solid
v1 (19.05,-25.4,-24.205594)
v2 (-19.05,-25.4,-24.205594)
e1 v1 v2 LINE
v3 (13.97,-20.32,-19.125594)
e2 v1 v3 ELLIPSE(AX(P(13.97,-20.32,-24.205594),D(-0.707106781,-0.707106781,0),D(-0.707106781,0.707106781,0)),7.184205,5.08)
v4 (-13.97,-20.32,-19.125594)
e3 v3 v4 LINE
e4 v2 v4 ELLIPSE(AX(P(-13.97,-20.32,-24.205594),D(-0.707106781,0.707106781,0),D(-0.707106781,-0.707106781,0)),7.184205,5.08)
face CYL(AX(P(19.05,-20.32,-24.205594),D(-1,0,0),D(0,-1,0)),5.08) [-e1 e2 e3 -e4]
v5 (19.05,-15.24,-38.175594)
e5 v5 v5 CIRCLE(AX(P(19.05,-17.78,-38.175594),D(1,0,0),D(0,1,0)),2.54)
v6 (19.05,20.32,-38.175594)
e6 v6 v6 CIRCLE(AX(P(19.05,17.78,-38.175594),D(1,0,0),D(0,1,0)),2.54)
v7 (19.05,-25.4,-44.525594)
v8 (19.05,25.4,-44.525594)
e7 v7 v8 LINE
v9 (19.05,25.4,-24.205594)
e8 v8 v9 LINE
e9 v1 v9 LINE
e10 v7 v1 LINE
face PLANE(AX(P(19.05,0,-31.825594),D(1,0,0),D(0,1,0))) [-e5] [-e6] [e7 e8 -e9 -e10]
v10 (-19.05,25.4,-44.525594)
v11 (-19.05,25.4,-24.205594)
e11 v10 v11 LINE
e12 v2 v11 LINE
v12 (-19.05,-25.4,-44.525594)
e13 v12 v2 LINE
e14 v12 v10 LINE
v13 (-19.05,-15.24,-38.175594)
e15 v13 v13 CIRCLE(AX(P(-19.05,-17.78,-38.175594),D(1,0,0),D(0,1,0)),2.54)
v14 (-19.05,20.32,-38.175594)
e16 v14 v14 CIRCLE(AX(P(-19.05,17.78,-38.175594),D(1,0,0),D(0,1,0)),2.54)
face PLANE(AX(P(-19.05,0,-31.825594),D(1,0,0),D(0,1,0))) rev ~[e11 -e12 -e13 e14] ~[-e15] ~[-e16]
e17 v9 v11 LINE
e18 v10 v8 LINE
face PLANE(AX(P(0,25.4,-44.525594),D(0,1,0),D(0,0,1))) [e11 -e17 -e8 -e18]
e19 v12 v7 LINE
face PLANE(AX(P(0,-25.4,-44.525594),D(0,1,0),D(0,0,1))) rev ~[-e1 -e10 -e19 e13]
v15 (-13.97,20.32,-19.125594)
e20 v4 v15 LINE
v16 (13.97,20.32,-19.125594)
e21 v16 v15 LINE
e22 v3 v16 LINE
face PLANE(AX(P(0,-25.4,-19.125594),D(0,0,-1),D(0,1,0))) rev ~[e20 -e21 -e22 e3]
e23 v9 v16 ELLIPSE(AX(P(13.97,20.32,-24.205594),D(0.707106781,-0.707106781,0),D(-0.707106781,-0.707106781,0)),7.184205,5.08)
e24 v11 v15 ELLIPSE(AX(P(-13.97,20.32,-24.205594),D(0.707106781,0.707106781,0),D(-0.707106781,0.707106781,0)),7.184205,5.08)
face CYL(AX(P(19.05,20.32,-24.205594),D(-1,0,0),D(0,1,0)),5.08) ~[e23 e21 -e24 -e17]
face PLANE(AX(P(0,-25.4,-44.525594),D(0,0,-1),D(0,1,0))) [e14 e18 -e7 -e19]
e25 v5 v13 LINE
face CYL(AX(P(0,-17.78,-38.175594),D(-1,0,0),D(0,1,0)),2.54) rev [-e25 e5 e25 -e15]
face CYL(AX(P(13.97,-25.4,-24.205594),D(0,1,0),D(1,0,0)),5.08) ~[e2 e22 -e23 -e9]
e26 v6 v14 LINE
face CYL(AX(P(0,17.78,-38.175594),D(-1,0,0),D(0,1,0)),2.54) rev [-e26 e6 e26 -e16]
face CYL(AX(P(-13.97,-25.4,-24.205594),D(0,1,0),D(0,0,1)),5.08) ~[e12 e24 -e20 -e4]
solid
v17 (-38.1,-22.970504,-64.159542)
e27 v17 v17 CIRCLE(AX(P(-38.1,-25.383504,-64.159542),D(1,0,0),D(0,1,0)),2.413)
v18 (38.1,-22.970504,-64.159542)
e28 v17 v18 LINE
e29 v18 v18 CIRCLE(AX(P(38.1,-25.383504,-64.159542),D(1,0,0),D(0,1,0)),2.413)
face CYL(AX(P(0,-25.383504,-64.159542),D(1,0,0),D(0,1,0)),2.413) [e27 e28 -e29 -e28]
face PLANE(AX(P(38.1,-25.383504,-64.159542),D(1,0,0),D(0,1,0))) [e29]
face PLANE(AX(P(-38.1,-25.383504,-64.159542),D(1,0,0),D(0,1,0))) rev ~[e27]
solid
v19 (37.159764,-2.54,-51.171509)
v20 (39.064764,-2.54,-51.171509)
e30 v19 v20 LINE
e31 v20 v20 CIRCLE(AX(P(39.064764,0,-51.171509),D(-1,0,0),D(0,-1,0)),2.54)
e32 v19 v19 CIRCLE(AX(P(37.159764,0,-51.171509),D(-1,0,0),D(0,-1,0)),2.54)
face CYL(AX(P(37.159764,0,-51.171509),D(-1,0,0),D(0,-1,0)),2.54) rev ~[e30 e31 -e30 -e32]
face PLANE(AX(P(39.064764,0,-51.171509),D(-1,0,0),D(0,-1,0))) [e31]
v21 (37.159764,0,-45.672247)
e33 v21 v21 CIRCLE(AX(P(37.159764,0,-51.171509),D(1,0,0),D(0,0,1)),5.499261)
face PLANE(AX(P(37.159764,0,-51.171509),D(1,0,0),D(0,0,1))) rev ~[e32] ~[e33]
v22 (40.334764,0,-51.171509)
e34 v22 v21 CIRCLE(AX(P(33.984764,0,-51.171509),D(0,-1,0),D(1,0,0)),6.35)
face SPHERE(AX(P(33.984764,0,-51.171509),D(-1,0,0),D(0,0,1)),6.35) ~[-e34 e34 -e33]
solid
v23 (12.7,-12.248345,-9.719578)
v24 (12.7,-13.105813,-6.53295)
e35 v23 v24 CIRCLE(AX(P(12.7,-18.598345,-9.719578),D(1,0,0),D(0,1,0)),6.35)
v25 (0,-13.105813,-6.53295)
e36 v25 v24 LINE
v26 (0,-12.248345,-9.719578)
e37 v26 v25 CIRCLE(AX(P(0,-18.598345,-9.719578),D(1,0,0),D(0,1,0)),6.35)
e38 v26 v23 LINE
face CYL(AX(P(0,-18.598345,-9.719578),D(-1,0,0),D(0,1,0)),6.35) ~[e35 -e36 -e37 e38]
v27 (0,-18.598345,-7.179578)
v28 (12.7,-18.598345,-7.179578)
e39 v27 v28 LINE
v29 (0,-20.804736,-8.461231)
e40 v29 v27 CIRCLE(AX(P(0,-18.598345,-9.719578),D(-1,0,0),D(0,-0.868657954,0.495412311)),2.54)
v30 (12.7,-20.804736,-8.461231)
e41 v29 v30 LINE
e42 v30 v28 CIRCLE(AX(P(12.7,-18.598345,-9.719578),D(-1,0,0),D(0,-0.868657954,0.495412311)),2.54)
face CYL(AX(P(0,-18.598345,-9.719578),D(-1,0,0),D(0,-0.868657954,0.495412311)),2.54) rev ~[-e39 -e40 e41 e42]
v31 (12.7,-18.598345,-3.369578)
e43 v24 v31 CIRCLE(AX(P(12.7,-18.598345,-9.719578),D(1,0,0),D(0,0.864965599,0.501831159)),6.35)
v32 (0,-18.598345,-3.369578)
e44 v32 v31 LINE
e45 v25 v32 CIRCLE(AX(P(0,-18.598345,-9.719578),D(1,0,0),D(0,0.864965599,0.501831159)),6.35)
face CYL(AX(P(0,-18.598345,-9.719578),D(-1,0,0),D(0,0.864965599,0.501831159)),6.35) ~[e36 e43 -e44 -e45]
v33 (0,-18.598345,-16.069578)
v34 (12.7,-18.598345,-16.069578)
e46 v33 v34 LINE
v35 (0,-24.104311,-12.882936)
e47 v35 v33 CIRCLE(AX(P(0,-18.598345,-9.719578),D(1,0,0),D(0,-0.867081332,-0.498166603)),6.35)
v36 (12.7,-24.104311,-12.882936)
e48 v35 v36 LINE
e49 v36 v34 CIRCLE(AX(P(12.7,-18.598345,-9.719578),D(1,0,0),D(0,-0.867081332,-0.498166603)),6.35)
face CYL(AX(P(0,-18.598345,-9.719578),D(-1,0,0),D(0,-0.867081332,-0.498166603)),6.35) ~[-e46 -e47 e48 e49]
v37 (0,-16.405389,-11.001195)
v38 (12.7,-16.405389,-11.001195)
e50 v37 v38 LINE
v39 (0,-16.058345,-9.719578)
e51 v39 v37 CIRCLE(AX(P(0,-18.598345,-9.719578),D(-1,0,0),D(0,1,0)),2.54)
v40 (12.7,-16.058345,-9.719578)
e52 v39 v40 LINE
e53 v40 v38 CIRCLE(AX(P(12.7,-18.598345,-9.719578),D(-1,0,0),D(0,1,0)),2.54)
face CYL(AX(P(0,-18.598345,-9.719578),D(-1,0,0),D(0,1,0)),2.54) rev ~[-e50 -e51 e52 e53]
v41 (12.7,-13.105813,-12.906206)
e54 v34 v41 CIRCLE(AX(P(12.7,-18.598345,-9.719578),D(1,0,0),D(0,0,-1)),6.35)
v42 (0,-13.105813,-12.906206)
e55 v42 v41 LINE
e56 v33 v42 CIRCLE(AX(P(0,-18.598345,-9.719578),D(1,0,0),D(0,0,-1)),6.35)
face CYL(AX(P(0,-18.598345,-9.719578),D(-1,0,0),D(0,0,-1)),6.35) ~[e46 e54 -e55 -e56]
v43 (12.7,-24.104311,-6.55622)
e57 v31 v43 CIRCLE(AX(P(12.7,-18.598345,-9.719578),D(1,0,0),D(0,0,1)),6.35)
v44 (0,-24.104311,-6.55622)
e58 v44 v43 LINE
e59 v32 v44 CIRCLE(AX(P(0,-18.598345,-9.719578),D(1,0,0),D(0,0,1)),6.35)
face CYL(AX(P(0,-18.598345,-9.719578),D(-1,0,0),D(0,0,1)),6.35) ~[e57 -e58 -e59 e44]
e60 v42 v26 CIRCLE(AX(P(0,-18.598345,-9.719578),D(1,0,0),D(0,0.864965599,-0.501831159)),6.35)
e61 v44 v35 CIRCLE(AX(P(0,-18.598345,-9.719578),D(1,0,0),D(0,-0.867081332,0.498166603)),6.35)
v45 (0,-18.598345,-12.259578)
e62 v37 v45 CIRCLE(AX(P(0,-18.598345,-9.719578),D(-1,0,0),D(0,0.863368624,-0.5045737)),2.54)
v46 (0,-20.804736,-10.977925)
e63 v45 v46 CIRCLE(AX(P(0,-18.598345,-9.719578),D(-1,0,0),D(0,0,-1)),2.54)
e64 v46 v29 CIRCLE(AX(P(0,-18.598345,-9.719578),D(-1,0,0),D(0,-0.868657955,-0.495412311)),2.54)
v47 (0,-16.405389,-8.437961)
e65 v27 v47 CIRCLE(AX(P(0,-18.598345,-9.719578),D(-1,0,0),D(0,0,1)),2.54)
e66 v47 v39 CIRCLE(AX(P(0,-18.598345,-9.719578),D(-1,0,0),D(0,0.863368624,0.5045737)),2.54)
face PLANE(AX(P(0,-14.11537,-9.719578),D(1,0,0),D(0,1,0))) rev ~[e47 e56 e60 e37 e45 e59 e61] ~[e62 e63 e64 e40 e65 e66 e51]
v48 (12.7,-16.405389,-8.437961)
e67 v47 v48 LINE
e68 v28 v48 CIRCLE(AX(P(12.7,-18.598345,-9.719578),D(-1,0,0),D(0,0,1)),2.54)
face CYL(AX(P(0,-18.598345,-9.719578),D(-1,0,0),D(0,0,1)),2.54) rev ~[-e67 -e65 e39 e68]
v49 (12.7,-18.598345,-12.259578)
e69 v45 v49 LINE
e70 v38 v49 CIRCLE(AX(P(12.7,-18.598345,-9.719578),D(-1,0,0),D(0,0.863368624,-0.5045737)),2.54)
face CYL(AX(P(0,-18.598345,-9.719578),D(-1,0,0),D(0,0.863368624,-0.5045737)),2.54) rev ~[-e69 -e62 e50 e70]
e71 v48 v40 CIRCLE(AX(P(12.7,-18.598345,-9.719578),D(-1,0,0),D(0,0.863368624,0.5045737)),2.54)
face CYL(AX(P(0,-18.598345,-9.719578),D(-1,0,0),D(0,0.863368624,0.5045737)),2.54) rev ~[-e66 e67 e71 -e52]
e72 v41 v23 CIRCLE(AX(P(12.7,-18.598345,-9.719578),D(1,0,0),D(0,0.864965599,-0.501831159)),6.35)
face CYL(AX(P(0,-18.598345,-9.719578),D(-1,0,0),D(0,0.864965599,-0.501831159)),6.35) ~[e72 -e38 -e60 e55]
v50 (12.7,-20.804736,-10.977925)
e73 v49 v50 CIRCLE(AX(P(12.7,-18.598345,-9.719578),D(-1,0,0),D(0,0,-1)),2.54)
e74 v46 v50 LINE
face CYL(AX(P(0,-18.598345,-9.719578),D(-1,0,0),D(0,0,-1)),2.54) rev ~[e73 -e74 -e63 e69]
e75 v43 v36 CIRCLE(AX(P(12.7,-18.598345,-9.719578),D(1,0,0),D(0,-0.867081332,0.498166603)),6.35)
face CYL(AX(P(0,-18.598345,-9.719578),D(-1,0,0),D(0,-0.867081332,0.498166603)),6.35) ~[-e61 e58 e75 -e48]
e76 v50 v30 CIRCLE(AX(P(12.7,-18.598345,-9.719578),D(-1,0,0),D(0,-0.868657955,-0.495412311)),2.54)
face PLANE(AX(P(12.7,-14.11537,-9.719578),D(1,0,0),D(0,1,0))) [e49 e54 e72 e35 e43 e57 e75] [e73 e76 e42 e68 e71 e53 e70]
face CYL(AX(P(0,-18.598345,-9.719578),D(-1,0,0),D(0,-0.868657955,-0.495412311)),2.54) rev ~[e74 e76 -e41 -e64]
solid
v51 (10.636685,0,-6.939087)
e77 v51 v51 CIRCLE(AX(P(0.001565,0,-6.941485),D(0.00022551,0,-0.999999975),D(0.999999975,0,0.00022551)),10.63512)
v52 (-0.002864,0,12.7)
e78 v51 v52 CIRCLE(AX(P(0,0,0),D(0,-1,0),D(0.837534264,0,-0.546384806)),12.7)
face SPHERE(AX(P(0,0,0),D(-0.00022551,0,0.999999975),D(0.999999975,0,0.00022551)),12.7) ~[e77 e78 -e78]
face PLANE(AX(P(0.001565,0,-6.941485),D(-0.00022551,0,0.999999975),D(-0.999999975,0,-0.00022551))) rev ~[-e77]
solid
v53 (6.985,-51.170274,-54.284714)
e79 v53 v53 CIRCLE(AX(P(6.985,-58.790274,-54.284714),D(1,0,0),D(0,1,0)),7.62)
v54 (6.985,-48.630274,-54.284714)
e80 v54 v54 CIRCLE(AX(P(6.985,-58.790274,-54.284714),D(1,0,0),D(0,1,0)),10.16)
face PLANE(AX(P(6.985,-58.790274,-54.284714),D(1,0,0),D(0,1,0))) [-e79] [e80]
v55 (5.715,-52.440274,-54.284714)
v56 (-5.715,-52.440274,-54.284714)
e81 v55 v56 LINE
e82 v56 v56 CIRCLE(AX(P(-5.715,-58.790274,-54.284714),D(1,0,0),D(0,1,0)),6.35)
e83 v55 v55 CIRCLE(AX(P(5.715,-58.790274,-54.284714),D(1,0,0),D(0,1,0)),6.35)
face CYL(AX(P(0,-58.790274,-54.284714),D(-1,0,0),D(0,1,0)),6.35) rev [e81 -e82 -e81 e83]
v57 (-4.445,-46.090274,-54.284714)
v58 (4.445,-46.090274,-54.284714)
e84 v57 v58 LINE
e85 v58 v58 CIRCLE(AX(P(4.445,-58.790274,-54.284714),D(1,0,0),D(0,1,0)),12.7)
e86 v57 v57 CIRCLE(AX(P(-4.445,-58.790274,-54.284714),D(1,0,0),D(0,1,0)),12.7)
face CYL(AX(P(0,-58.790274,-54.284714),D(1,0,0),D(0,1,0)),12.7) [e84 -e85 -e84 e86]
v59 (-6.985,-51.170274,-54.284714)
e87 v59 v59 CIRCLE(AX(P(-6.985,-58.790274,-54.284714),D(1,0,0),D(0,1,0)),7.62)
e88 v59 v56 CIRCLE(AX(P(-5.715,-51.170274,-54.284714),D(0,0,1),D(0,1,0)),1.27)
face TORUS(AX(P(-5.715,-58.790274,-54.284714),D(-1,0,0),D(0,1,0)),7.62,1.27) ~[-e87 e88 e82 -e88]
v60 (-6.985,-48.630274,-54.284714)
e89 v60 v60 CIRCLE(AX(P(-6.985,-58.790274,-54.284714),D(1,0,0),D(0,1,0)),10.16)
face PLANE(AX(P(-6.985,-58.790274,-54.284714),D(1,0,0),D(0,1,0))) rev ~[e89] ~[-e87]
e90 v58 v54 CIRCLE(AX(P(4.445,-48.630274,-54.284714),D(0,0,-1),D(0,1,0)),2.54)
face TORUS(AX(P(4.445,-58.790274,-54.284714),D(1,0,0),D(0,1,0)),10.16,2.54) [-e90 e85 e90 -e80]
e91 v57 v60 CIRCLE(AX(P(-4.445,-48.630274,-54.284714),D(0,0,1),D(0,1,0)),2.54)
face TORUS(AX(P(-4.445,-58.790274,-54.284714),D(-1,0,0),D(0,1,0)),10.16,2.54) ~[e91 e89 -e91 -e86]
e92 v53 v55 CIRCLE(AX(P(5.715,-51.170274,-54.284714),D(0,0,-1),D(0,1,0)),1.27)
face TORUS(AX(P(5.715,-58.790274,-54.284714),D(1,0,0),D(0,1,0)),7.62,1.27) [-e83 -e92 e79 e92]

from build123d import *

# Parameters (mm, degrees)
F2_W      = 50.8
F2_H      = 25.4
F2_R      = 2.54
F3_DEPTH  = 19.05
F4_R      = 5.08
F6_DEPTH  = 12.7
F7_DEPTH  = 12.7
F8_DEPTH  = 12.7
F9_DEPTH  = 12.7
F10_DEPTH = 12.7
F11_DEPTH = 12.7
F2_R_2    = 12.7
F2_R_3    = 6.35
F12_DEPTH = 6.985
F13_R     = 2.54
F14_R     = 1.27
F5_R      = 2.413
F15_DEPTH = 38.1
F17_R     = 2.54
F18_DEPTH = 1.905


with BuildPart() as f1:
    # F0 (on Front) → F1 (revolve)
    with BuildSketch(Plane.XZ):
        with BuildLine():
            Line((0.0015653739, -6.9414853582), (10.6366851579, -6.939087033))
            ThreePointArc((10.6366851579, -6.939087033), (11.1666006436, 6.0495479225), (-0.0028639761, 12.6999996771))
            Line((-0.0028639761, 12.6999996771), (0.0015653739, -6.9414853582))
        make_face()
    revolve(axis=Axis((-0.0006493011, 0, 2.8792571594), (0.0002255099, 0, -0.9999999746)))


with BuildPart() as f3:
    # F2 (on Right) → F3 (new body, symmetric)
    with BuildSketch(Plane.YZ):
        with Locations((0, -31.8255941309)):
            Rectangle(F2_W, F2_H)
        with Locations((-17.78, -38.1755941309)):
            Circle(F2_R, mode=Mode.SUBTRACT)
        with Locations((17.78, -38.1755941309)):
            Circle(F2_R, mode=Mode.SUBTRACT)
    extrude(amount=F3_DEPTH, both=True)

    # F4
    f4_edges = [f3.edges().sort_by_distance(p)[0] for p in [
        (0, -25.4, -19.125594),
        (0, 25.4, -19.125594),
        (19.05, 0, -19.125594),
        (-19.05, 0, -19.125594),
    ]]
    fillet(f4_edges, radius=F4_R)


with BuildPart() as f6:
    # F5 (on Right) → F6 (new body)
    with BuildSketch(Plane.YZ):
        with BuildLine():
            Line((-16.4053887391, -8.4379606651), (-13.1058134882, -6.5329500057))
            ThreePointArc((-13.1058134882, -6.5329500057), (-15.4291643062, -4.2169608998), (-18.5983450444, -3.3695778634))
            Line((-18.5983450444, -3.3695778634), (-18.5983450444, -7.1795778634))
            ThreePointArc((-18.5983450444, -7.1795778634), (-17.3341669881, -7.516522294), (-16.4053887391, -8.4379606651))
        make_face()
    extrude(amount=F6_DEPTH)

    # F5 (on Right) → F7 (join)
    with BuildSketch(Plane.YZ):
        with BuildLine():
            Line((-18.5983450444, -7.1795778634), (-18.5983450444, -3.3695778634))
            ThreePointArc((-18.5983450444, -3.3695778634), (-21.7791607531, -4.223678353), (-24.1043114997, -6.5562199334))
            Line((-24.1043114997, -6.5562199334), (-20.8047362488, -8.4612305928))
            ThreePointArc((-20.8047362488, -8.4612305928), (-19.8741581053, -7.523239767), (-18.5983450444, -7.1795778634))
        make_face()
    extrude(amount=F7_DEPTH)

    # F5 (on Right) → F8 (join)
    with BuildSketch(Plane.YZ):
        with BuildLine():
            Line((-20.8047362488, -8.4612305928), (-24.1043114997, -6.5562199334))
            ThreePointArc((-24.1043114997, -6.5562199334), (-24.9483450444, -9.7195778634), (-24.1043114997, -12.8829357934))
            Line((-24.1043114997, -12.8829357934), (-20.8047362488, -10.977925134))
            ThreePointArc((-20.8047362488, -10.977925134), (-21.1383450444, -9.7195778634), (-20.8047362488, -8.4612305928))
        make_face()
    extrude(amount=F8_DEPTH)

    # F5 (on Right) → F9 (join)
    with BuildSketch(Plane.YZ):
        with BuildLine():
            ThreePointArc((-24.1043114997, -12.8829357934), (-21.7791607531, -15.2154773737), (-18.5983450444, -16.0695778634))
            Line((-18.5983450444, -16.0695778634), (-18.5983450444, -12.2595778634))
            ThreePointArc((-18.5983450444, -12.2595778634), (-19.8741581053, -11.9159159598), (-20.8047362488, -10.977925134))
            Line((-20.8047362488, -10.977925134), (-24.1043114997, -12.8829357934))
        make_face()
    extrude(amount=F9_DEPTH)

    # F5 (on Right) → F10 (join)
    with BuildSketch(Plane.YZ):
        with BuildLine():
            ThreePointArc((-18.5983450444, -16.0695778634), (-15.4291643062, -15.222194827), (-13.1058134882, -12.9062057211))
            Line((-13.1058134882, -12.9062057211), (-16.4053887391, -11.0011950617))
            ThreePointArc((-16.4053887391, -11.0011950617), (-17.3341669881, -11.9226334328), (-18.5983450444, -12.2595778634))
            Line((-18.5983450444, -12.2595778634), (-18.5983450444, -16.0695778634))
        make_face()
    extrude(amount=F10_DEPTH)

    # F5 (on Right) → F11 (join)
    with BuildSketch(Plane.YZ):
        with BuildLine():
            ThreePointArc((-13.1058134882, -12.9062057211), (-12.4664580844, -11.3695664418), (-12.2483450444, -9.7195778634))
            ThreePointArc((-12.2483450444, -9.7195778634), (-12.4664580844, -8.069589285), (-13.1058134882, -6.5329500057))
            Line((-13.1058134882, -6.5329500057), (-16.4053887391, -8.4379606651))
            ThreePointArc((-16.4053887391, -8.4379606651), (-16.1466406357, -9.0556912072), (-16.0583450444, -9.7195778634))
            ThreePointArc((-16.0583450444, -9.7195778634), (-16.1466406357, -10.3834645196), (-16.4053887391, -11.0011950617))
            Line((-16.4053887391, -11.0011950617), (-13.1058134882, -12.9062057211))
        make_face()
    extrude(amount=F11_DEPTH)


with BuildPart() as f12:
    # F2 (on Right) → F12 (new body, symmetric)
    with BuildSketch(Plane.YZ):
        with Locations((-58.7902739644, -54.2847141623)):
            Circle(F2_R_2)
        with Locations((-58.7902739644, -54.2847141623)):
            Circle(F2_R_3, mode=Mode.SUBTRACT)
    extrude(amount=F12_DEPTH, both=True)

    # F13
    f13_edges = [f12.edges().sort_by_distance(p)[0] for p in [
        (6.985, -71.490274, -54.284714),
        (-6.985, -71.490274, -54.284714),
    ]]
    fillet(f13_edges, radius=F13_R)

    # F14
    f14_edges = [f12.edges().sort_by_distance(p)[0] for p in [
        (6.985, -65.140274, -54.284714),
        (-6.985, -65.140274, -54.284714),
    ]]
    fillet(f14_edges, radius=F14_R)


with BuildPart() as f15:
    # F5 (on Right) → F15 (new body, symmetric)
    with BuildSketch(Plane.YZ):
        with Locations((-25.3835041076, -64.1595423222)):
            Circle(F5_R)
    extrude(amount=F15_DEPTH, both=True)


with BuildPart() as f16:
    # F0 (on Front) → F16 (revolve)
    with BuildSketch(Plane.XZ):
        with BuildLine():
            Line((37.1597641367, -51.1715085258), (40.3347641367, -51.1715085258))
            ThreePointArc((40.3347641367, -51.1715085258), (39.4840254508, -47.9965085258), (37.1597641367, -45.6722472118))
            Line((37.1597641367, -45.6722472118), (37.1597641367, -51.1715085258))
        make_face()
    revolve(axis=Axis((38.7472641367, 0, -51.1715085258), (1, 0, 0)))

    # F17 (on face) → F18 (cut)
    with BuildSketch(Plane(origin=(37.1597641367, 0, 0), x_dir=(0, -1, 0), z_dir=(-1, 0, 0))):
        with Locations((0, -51.1715085258)):
            Circle(F17_R)
    extrude(amount=-F18_DEPTH, mode=Mode.SUBTRACT)


solid = Compound([f1.part, f3.part, f6.part, f12.part, f15.part, f16.part])
